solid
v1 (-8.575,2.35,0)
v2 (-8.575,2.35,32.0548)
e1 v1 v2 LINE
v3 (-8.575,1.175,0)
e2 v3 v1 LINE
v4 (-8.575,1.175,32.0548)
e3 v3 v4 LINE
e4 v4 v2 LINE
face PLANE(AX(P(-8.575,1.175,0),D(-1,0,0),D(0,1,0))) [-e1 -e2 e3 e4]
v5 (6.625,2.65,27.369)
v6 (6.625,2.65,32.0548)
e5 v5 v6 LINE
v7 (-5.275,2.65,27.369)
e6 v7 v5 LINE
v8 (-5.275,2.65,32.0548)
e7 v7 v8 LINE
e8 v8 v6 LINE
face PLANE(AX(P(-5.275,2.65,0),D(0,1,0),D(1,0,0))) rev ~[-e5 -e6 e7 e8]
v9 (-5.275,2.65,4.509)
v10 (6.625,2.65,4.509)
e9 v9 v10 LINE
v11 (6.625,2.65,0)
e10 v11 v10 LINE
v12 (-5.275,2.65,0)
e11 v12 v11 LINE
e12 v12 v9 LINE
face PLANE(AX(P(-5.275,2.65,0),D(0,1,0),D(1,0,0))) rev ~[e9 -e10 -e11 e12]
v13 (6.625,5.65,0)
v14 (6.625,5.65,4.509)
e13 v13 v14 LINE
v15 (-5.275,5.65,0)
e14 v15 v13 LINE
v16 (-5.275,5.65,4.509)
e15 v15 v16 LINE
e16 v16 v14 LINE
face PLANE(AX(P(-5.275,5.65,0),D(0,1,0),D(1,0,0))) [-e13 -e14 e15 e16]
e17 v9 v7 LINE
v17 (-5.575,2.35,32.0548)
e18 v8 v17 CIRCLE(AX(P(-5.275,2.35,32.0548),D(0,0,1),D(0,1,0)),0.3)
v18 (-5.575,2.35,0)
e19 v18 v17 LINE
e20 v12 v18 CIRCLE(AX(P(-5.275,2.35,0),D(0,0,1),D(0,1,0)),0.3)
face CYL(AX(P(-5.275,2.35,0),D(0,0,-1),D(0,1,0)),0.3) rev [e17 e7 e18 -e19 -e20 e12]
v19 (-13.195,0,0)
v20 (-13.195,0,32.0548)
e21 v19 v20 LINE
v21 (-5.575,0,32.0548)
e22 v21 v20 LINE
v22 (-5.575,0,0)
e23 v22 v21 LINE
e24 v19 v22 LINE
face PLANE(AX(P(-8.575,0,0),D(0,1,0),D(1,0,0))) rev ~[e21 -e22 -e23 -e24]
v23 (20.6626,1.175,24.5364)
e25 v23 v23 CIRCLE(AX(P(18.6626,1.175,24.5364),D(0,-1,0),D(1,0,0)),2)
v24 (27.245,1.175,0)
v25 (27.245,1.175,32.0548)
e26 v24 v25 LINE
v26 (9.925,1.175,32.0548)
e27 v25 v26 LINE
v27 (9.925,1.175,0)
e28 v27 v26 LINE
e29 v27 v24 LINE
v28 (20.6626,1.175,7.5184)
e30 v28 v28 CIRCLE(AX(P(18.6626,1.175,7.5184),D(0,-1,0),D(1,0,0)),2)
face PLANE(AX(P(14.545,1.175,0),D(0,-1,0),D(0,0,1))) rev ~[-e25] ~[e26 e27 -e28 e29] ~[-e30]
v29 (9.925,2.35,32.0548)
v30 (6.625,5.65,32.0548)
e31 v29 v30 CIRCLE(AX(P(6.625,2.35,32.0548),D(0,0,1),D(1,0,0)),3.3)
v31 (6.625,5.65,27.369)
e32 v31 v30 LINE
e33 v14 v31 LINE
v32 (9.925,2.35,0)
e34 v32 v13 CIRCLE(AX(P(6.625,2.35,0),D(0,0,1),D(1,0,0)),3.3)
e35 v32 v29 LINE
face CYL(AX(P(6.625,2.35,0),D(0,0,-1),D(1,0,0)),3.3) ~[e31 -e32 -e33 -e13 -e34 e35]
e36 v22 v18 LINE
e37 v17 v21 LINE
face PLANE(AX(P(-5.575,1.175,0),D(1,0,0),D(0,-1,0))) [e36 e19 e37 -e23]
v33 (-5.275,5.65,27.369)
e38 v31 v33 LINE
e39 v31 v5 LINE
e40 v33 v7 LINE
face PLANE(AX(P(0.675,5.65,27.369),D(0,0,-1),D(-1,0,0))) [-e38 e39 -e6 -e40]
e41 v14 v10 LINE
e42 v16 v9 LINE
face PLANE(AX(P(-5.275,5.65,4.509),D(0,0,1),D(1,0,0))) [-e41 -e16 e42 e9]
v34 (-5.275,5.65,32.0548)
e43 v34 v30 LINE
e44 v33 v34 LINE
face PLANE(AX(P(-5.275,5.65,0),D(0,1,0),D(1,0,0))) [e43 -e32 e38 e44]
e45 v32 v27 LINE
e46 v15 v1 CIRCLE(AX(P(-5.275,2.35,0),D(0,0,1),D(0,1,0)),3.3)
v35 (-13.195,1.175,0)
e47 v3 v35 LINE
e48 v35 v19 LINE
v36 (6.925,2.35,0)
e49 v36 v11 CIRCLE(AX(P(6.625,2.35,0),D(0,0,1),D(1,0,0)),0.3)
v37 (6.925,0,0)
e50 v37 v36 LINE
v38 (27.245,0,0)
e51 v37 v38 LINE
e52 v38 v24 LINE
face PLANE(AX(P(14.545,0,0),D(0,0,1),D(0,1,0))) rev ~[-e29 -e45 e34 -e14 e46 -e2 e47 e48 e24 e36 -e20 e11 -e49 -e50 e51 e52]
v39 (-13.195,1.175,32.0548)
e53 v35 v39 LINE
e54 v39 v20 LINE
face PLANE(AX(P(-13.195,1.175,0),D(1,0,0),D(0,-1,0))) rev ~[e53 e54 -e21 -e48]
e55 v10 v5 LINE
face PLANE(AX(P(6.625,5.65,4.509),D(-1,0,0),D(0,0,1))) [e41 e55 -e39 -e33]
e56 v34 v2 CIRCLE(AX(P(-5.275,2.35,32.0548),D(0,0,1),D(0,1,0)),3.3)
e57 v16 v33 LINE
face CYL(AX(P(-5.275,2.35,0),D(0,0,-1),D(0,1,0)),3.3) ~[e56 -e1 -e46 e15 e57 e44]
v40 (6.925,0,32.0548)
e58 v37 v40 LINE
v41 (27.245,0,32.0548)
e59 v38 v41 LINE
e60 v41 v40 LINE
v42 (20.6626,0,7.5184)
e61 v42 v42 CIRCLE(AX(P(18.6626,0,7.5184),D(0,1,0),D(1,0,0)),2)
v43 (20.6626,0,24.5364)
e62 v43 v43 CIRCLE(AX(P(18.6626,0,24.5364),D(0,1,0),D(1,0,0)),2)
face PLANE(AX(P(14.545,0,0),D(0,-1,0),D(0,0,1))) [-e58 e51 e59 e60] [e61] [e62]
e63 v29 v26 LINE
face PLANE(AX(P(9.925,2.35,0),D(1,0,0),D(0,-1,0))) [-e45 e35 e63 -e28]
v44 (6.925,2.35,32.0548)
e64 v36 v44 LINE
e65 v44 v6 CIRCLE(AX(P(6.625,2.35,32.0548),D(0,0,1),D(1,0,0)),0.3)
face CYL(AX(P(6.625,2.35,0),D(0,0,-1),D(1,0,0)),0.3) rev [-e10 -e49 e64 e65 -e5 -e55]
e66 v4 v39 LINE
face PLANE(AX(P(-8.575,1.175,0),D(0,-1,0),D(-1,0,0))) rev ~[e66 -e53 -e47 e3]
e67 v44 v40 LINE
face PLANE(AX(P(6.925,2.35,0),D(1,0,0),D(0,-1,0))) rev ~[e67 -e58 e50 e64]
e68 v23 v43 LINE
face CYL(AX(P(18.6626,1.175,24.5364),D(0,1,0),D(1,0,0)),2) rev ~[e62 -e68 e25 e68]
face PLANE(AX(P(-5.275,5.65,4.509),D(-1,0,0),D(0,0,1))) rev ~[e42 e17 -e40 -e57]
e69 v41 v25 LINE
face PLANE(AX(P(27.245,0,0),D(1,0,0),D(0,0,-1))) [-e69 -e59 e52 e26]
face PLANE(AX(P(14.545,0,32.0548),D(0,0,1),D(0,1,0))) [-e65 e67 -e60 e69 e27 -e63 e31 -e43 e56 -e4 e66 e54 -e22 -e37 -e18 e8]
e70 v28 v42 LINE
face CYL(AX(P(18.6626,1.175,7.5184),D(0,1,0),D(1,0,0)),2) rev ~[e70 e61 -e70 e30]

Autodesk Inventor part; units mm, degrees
ref_plane "YZ Plane" through (0, 0, 0) normal (1, 0, 0) x (0, 1, 0)
ref_plane "XZ Plane" through (0, 0, 0) normal (0, 1, 0) x (-1, 0, 0)
ref_plane "XY Plane" through (0, 0, 0) normal (0, 0, 1) x (1, 0, 0)
sketch "Sketch1" plane through (0, 0, 0) normal (0, 0, 1) x (1, 0, 0)
  line L0 (-5.575, 0) -> (6.925, 0)
  line L1 (6.925, 2.35) -> (6.925, 0)
  line L2 (-5.575, 2.35) -> (-5.575, 0)
  line L3 (-5.275, 2.65) -> (6.625, 2.65)
  arc A0 (-5.275, 2.65) -> (-5.575, 2.35) centre (-5.275, 2.35) ccw
  arc A1 (6.925, 2.35) -> (6.625, 2.65) centre (6.625, 2.35) ccw
  line L4 (-5.575, 0) -> (6.925, 0)
  line L5 (-8.575, 0) -> (-8.575, 2.35)
  arc A2 (-5.275, 5.65) -> (-8.575, 2.35) centre (-5.275, 2.35) ccw
  line L6 (-5.275, 5.65) -> (6.625, 5.65)
  arc A3 (9.925, 2.35) -> (6.625, 5.65) centre (6.625, 2.35) ccw
  line L7 (9.925, 2.35) -> (9.925, 0)
  line L8 (-8.575, 0) -> (9.925, 0)
  line L9 (6.925, 1.175) -> (14.545, 1.175)
  line L10 (14.545, 1.175) -> (14.545, 0)
  line L11 (14.545, 0) -> (6.925, 0)
  line L12 (6.925, 1.175) -> (6.925, 0)
  line L13 (-5.575, 1.175) -> (-13.195, 1.175)
  line L14 (-5.575, 1.175) -> (2.045, 1.175) construction
  line L15 (-13.195, 1.175) -> (-13.195, 0)
  line L16 (-13.195, 0) -> (14.545, 0)
  point P0 (0, 0)
  point P1 (-8.575, 1.175)
  point P2 (-5.275, 2.65)
  point P3 (9.925, 1.175)
  dimension "d0" = 3
  dimension "d1" = 3
  dimension "d2" = 7.62
  dimension "d3" = 7.62
  dimension "d4" = 180
extrude "Extrusion1" add sketch "Sketch1" along normal blind 32.0548 contours L8 L5 L13 L2 | L1 L9 L7 L8 | L13 L5 A2 L6 A3 L7 L9 L1 A1 L3 A0 L2 | L16 L15 L13 L5 | L7 L9 L10 L11
sketch "Sketch2" plane through (-5.275, 5.65, 0) normal (0, 1, 0) x (1, 0, 0)
  line L0 (0, -32.0548) -> (11.9, -32.0548) projected
  line L1 (5.95, -32.0548) -> (5.95, -15.939)
  line L2 (0, 0) -> (0, -32.0548) projected
  line L3 (0, -4.509) -> (11.9, -4.509)
  line L4 (11.9, -4.509) -> (11.9, -27.369)
  line L5 (11.9, -27.369) -> (0, -27.369)
  line L6 (0, -27.369) -> (0, -4.509)
  line L7 (0, -4.509) -> (11.9, -27.369) construction
  line L8 (11.9, -4.509) -> (0, -27.369) construction
  line L9 (11.9, 0) -> (0, 0) projected
  dimension "d7" = 22.86
extrude "Extrusion2" cut sketch "Sketch2" against normal blind 32.0548 contours L2 L3 L4 L5
sketch "Sketch3" plane through (14.545, 0, 0) normal (1, 0, 0) x (0, 0, -1)
  line L0 (0, 0) -> (0, 1.175) projected
  line L1 (0, 1.175) -> (-32.0548, 1.175) projected
  line L2 (-32.0548, 0) -> (-32.0548, 1.175) projected
  line L3 (0, 0) -> (-32.0548, 0) projected
extrude "Extrusion3" add sketch "Sketch3" along normal blind 12.7
sketch "Sketch4" plane through (9.925, 1.175, 32.0548) normal (0, 1, 0) x (1, 0, 0)
  line L0 (0, 32.0548) -> (17.32, 32.0548) projected
  line L1 (0, 32.0548) -> (0, 0) projected
  line L2 (0, 0) -> (17.32, 0) projected
  line L3 (17.32, 32.0548) -> (17.32, 0) projected
  line L4 (0, 0) -> (8.7376, 0)
  line L5 (-3, 0) -> (17.32, 0) projected
  line L6 (8.7376, 0) -> (8.7376, 7.5184)
  circle A0 centre (8.7376, 7.5184) radius 2
  line L7 (0, 32.0548) -> (8.7376, 32.0548)
  line L8 (-3, 32.0548) -> (17.32, 32.0548) projected
  line L9 (8.7376, 32.0548) -> (8.7376, 24.5364)
  circle A1 centre (8.7376, 24.5364) radius 2
  point P0 (-9.925, 32.0548)
  dimension "d12" = 8.7376
  dimension "d13" = 7.5184
  dimension "d14" = 4
  dimension "d15" = 8.7376
  dimension "d16" = 7.5184
  dimension "d17" = 90
  dimension "d18" = 4
extrude "Extrusion4" cut sketch "Sketch4" against normal up to surface (1.175 mm away) contours A0 | A1
properties part number "Servo Holder Cap"
